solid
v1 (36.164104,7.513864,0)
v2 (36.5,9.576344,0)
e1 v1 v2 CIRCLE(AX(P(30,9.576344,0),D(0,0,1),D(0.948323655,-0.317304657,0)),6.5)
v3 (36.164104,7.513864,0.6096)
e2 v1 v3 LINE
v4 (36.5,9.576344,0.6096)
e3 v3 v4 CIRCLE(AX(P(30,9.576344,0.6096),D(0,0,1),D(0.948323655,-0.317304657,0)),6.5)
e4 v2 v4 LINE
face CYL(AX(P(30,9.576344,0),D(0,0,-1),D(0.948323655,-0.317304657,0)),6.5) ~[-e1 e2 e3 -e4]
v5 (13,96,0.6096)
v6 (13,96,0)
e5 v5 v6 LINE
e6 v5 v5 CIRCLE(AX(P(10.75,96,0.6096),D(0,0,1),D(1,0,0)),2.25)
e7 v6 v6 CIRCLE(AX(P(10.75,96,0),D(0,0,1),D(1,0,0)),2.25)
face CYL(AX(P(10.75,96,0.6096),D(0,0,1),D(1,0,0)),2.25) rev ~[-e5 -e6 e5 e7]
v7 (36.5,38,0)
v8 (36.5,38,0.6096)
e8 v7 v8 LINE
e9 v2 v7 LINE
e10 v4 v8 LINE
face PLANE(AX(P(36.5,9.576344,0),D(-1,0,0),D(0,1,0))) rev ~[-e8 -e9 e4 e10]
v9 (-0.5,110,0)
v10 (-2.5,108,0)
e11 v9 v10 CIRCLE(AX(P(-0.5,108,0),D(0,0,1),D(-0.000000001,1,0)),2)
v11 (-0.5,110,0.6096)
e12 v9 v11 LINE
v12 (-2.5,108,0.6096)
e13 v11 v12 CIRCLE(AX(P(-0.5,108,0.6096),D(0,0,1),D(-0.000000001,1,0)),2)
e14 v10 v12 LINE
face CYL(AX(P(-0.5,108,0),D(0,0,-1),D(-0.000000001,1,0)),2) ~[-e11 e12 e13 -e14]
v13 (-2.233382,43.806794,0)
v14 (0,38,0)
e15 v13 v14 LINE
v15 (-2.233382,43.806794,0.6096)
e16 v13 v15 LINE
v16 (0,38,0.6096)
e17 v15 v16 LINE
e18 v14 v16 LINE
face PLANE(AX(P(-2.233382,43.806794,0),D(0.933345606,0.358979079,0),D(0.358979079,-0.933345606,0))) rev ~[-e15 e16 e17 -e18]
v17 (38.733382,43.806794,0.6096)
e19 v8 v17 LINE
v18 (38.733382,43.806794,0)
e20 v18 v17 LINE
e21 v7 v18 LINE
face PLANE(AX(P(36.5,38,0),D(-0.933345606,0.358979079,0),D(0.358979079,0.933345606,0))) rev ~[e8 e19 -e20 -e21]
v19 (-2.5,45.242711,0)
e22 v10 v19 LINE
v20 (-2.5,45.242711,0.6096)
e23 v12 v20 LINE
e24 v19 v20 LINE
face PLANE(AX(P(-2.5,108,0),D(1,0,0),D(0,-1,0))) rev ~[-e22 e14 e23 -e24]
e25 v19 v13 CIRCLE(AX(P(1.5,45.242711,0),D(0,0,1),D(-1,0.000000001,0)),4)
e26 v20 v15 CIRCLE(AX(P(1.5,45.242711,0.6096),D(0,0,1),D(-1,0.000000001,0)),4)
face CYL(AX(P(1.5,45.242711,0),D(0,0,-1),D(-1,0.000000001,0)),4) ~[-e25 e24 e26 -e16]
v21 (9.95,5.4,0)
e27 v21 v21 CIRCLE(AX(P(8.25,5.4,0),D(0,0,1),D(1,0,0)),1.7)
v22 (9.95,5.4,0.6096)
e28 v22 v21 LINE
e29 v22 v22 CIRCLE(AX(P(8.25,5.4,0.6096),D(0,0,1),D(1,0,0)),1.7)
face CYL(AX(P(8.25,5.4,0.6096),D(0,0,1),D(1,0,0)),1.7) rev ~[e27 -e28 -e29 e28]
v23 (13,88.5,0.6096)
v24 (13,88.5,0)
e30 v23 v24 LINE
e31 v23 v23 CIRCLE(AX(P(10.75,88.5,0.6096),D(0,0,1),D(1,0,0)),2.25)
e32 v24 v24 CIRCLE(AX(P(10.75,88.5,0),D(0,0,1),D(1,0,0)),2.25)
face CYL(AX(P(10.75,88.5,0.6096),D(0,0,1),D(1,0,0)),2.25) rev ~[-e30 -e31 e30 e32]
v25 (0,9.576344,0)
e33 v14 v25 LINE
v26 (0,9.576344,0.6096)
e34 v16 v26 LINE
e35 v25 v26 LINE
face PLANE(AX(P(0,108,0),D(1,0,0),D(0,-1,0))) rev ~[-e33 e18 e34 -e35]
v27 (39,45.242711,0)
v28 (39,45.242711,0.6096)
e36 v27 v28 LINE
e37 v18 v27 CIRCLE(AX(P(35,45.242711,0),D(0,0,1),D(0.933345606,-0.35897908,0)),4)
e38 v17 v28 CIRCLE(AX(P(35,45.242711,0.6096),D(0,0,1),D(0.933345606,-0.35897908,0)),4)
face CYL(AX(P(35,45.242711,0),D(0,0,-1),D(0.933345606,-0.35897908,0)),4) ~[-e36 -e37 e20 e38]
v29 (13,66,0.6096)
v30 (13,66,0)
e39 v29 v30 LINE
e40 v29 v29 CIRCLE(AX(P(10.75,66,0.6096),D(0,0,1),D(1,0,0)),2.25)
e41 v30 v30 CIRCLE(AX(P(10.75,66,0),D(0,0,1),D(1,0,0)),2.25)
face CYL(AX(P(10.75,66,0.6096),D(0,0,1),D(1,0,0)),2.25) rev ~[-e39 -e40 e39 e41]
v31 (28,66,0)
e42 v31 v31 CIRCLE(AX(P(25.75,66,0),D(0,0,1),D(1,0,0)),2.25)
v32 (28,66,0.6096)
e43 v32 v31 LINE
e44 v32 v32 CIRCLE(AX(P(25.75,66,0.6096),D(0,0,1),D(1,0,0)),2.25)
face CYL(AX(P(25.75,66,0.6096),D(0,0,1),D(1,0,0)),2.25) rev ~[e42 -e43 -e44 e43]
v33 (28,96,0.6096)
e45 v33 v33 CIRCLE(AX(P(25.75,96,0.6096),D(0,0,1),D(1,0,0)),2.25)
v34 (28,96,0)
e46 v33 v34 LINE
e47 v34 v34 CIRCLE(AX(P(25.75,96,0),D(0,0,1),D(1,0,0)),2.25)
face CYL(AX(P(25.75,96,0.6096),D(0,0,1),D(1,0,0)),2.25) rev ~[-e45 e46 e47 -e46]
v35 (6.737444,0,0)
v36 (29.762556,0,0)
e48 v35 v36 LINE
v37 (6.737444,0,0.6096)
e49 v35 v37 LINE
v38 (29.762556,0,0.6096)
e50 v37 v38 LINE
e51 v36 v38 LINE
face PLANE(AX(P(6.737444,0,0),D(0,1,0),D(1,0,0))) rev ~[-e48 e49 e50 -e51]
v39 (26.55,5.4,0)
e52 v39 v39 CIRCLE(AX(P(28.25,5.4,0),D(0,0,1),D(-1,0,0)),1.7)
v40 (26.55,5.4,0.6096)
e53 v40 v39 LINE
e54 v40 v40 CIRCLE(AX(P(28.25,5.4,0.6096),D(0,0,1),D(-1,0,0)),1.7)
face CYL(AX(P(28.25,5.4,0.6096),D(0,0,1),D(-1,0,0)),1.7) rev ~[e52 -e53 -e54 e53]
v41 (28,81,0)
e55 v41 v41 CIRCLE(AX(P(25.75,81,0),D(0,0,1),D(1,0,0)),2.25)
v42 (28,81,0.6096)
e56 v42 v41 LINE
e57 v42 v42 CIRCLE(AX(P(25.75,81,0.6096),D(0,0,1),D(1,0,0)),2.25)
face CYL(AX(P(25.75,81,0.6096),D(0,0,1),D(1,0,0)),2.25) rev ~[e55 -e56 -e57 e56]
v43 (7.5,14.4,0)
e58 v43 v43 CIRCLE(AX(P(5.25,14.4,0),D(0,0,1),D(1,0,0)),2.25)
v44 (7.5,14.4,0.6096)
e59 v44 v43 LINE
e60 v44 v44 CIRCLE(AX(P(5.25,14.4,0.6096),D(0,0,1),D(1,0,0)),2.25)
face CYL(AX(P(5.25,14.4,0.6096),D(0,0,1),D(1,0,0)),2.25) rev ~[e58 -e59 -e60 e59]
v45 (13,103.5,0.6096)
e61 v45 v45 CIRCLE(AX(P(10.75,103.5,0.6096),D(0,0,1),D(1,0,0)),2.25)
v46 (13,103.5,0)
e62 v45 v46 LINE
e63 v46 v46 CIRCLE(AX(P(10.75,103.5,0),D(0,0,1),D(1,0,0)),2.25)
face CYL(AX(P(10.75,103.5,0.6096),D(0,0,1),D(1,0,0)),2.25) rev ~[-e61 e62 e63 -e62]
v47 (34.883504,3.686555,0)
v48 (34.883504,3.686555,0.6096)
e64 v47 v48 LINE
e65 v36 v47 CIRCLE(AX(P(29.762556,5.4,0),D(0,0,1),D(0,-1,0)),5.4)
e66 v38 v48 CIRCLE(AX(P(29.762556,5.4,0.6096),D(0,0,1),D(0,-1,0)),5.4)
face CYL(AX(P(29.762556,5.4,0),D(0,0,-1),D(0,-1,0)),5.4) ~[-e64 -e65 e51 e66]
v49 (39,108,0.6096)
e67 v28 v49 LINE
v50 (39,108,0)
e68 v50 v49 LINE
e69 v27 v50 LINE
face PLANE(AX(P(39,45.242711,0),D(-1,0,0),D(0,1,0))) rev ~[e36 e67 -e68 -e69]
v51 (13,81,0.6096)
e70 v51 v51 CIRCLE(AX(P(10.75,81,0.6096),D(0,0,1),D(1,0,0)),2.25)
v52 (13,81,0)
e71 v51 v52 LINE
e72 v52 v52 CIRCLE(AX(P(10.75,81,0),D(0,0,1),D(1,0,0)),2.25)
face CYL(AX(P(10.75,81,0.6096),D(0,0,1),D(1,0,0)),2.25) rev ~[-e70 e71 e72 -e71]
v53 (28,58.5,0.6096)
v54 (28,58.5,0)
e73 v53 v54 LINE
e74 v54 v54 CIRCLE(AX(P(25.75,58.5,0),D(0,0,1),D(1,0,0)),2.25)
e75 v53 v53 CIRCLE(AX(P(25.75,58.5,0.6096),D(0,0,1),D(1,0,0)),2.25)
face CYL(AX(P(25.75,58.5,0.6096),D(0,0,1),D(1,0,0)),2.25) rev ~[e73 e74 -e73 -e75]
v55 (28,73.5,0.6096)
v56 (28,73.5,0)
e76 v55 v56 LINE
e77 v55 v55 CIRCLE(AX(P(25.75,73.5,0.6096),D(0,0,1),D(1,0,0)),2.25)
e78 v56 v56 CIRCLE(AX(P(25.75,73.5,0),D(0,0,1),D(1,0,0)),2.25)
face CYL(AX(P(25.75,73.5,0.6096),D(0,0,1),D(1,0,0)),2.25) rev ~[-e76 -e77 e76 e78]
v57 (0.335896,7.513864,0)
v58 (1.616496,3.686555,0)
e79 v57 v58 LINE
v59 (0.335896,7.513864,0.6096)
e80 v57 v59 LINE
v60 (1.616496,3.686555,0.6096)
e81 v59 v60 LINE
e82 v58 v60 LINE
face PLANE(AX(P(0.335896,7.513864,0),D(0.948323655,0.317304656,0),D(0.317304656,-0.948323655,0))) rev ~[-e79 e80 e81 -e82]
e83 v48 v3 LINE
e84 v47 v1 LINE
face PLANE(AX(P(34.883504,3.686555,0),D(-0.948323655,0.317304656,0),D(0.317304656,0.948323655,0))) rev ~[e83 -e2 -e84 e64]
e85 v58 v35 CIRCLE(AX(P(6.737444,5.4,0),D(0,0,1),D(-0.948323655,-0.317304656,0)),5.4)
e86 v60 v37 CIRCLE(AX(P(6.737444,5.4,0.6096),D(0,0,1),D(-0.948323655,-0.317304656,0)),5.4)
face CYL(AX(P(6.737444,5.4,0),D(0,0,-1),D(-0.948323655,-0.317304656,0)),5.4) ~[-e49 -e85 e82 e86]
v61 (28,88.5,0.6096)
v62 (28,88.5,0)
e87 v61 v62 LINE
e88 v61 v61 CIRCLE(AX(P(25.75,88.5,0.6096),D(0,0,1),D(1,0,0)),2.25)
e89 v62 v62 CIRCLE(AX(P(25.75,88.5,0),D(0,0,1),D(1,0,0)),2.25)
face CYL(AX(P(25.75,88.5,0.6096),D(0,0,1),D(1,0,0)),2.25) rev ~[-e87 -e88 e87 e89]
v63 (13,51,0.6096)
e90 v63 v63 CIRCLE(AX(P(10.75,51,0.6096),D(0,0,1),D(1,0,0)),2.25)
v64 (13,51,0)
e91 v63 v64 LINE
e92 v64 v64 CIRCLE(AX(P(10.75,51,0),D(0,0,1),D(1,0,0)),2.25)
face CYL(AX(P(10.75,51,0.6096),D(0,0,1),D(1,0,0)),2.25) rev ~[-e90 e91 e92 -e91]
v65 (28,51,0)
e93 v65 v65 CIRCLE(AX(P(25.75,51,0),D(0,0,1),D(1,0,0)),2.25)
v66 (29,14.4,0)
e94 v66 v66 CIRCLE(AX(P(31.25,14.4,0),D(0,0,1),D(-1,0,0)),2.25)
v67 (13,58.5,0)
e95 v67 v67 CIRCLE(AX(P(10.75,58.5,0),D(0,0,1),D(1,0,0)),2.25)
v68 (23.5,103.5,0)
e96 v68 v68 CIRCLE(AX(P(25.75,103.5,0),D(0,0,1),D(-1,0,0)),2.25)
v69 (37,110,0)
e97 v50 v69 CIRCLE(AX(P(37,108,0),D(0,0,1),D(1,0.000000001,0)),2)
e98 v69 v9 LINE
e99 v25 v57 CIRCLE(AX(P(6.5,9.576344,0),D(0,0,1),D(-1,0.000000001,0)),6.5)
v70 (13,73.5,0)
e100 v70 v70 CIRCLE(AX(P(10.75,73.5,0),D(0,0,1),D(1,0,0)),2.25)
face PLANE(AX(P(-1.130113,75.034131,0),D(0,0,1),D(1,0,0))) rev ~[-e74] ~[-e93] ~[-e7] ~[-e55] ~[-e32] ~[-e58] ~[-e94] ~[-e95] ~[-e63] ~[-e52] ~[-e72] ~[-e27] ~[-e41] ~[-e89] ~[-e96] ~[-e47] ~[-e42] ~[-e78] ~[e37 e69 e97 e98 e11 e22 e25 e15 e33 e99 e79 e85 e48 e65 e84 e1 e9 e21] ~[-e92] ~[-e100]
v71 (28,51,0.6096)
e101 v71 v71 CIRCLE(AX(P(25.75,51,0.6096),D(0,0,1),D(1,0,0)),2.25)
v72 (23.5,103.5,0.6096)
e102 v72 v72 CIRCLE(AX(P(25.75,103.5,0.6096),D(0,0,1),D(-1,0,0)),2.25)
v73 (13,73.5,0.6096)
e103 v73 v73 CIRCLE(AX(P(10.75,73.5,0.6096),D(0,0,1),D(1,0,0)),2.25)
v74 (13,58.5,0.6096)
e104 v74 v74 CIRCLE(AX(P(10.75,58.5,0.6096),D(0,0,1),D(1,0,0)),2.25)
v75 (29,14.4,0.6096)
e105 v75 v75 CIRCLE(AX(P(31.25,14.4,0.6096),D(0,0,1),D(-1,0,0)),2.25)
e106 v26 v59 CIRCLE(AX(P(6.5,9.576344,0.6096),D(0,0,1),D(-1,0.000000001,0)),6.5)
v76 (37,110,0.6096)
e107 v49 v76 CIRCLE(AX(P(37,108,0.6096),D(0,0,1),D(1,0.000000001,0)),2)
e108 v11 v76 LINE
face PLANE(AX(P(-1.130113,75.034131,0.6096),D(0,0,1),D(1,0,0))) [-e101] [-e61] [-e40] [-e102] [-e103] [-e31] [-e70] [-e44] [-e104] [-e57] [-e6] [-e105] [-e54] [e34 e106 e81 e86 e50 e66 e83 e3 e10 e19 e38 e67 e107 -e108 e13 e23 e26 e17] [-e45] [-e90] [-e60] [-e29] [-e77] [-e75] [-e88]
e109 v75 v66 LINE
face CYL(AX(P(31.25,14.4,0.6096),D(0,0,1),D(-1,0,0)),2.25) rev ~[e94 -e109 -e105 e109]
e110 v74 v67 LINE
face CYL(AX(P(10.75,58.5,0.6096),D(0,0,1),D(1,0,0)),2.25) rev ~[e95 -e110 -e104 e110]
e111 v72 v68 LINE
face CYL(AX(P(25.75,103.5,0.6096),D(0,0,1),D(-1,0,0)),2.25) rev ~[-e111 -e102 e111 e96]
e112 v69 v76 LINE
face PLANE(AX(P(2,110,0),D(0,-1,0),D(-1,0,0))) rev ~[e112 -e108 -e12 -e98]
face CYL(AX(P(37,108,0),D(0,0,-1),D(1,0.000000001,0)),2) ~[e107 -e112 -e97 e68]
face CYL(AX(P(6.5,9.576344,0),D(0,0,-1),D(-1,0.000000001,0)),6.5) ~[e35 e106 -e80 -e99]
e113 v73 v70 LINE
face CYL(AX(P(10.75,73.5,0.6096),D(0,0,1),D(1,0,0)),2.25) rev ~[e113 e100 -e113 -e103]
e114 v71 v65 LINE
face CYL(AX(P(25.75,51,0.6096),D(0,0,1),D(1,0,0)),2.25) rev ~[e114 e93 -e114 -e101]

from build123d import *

# Parameters (mm, degrees)
BOSS_EXTRUDE1_DEPTH = 0.6096
SKETCH3_R           = 1.7
SKETCH3_R_2         = 2.25
CUT_EXTRUDE1_DEPTH  = 116.89918728
SKETCH5_R           = 2.25
CUT_EXTRUDE2_DEPTH  = 116.89918728
LPATTERN1_COUNT     = 7
LPATTERN1_PITCH     = 7.5
BOSS_EXTRUDE2_START = -0.6096
BOSS_EXTRUDE2_DEPTH = 0.6096


with BuildPart() as part:
    # Sketch2 → Boss-Extrude1 (new body)
    with BuildSketch(Plane.XY):
        with BuildLine():
            Line((34.883504, 3.686554855), (36.164103759, 7.513864099))
            ThreePointArc((36.164103759, 7.513864099), (36.415476383, 8.531517689), (36.5, 9.576344365))
            Line((36.5, 9.576344365), (36.5, 108))
            ThreePointArc((36.5, 108), (35.914213562, 109.414213562), (34.5, 110))
            Line((34.5, 110), (2, 110))
            ThreePointArc((2, 110), (0.585786438, 109.414213562), (0, 108))
            Line((0, 108), (0, 9.576344365))
            ThreePointArc((0, 9.576344365), (0.084523617, 8.531517689), (0.335896241, 7.513864099))
            Line((0.335896241, 7.513864099), (1.616496, 3.686554855))
            ThreePointArc((1.616496, 3.686554855), (3.582495544, 1.017500497), (6.737443738, 0))
            Line((6.737443738, 0), (29.762556262, 0))
            ThreePointArc((29.762556262, 0), (32.917504456, 1.017500497), (34.883504, 3.686554855))
        make_face()
    extrude(amount=BOSS_EXTRUDE1_DEPTH)

    # Sketch3 → Cut-Extrude1 (cut, through all)
    with BuildSketch(Plane.XY.offset(0.6096)):
        with Locations((8.25, 5.4)):
            Circle(SKETCH3_R)
        with Locations((5.25, 14.4)):
            Circle(SKETCH3_R_2)
        with Locations((10.75, 103.5)):
            Circle(SKETCH3_R_2)
        with Locations(Location((28.25, 5.4, 0), (0, 0, 180))):
            Circle(SKETCH3_R)
        with Locations(Location((31.25, 14.4, 0), (0, 0, 180))):
            Circle(SKETCH3_R_2)
        with Locations(Location((25.75, 103.5, 0), (0, 0, 180))):
            Circle(SKETCH3_R_2)
    extrude(amount=-CUT_EXTRUDE1_DEPTH, mode=Mode.SUBTRACT)

    # Sketch5 → Cut-Extrude2 (cut, through all)
    with BuildSketch(Plane.XY.offset(0.6096)):
        with Locations((10.75, 96)):
            Circle(SKETCH5_R)
        with Locations((25.75, 96)):
            Circle(SKETCH5_R)
    cut_extrude2 = extrude(amount=-CUT_EXTRUDE2_DEPTH, mode=Mode.SUBTRACT)

    # LPattern1: Cut-Extrude2 ×7
    with Locations(*[(0, -i * LPATTERN1_PITCH, 0) for i in range(1, LPATTERN1_COUNT)]):
        add(cut_extrude2, mode=Mode.SUBTRACT)

    # Sketch7 → Boss-Extrude2 (add)
    with BuildSketch(Plane.XY.offset(0.6096).offset(BOSS_EXTRUDE2_START)):
        with BuildLine():
            ThreePointArc((0, 108), (0.585786438, 109.414213562), (2, 110))
            Line((2, 110), (-0.5, 110))
            ThreePointArc((-0.5, 110), (-1.914213562, 109.414213562), (-2.5, 108))
            Line((-2.5, 108), (-2.5, 45.242710622))
            ThreePointArc((-2.5, 45.242710622), (-2.432780804, 44.512481103), (-2.233382425, 43.806794305))
            Line((-2.233382425, 43.806794305), (0, 38))
            Line((0, 38), (0, 108))
        make_face()
        with BuildLine():
            Line((36.5, 108), (36.5, 38))
            Line((36.5, 38), (38.733382425, 43.806794305))
            ThreePointArc((38.733382425, 43.806794305), (38.932780804, 44.512481103), (39, 45.242710622))
            Line((39, 45.242710622), (39, 108))
            ThreePointArc((39, 108), (38.414213562, 109.414213562), (37, 110))
            Line((37, 110), (34.5, 110))
            ThreePointArc((34.5, 110), (35.914213562, 109.414213562), (36.5, 108))
        make_face()
    extrude(amount=BOSS_EXTRUDE2_DEPTH)


solid = part.part
